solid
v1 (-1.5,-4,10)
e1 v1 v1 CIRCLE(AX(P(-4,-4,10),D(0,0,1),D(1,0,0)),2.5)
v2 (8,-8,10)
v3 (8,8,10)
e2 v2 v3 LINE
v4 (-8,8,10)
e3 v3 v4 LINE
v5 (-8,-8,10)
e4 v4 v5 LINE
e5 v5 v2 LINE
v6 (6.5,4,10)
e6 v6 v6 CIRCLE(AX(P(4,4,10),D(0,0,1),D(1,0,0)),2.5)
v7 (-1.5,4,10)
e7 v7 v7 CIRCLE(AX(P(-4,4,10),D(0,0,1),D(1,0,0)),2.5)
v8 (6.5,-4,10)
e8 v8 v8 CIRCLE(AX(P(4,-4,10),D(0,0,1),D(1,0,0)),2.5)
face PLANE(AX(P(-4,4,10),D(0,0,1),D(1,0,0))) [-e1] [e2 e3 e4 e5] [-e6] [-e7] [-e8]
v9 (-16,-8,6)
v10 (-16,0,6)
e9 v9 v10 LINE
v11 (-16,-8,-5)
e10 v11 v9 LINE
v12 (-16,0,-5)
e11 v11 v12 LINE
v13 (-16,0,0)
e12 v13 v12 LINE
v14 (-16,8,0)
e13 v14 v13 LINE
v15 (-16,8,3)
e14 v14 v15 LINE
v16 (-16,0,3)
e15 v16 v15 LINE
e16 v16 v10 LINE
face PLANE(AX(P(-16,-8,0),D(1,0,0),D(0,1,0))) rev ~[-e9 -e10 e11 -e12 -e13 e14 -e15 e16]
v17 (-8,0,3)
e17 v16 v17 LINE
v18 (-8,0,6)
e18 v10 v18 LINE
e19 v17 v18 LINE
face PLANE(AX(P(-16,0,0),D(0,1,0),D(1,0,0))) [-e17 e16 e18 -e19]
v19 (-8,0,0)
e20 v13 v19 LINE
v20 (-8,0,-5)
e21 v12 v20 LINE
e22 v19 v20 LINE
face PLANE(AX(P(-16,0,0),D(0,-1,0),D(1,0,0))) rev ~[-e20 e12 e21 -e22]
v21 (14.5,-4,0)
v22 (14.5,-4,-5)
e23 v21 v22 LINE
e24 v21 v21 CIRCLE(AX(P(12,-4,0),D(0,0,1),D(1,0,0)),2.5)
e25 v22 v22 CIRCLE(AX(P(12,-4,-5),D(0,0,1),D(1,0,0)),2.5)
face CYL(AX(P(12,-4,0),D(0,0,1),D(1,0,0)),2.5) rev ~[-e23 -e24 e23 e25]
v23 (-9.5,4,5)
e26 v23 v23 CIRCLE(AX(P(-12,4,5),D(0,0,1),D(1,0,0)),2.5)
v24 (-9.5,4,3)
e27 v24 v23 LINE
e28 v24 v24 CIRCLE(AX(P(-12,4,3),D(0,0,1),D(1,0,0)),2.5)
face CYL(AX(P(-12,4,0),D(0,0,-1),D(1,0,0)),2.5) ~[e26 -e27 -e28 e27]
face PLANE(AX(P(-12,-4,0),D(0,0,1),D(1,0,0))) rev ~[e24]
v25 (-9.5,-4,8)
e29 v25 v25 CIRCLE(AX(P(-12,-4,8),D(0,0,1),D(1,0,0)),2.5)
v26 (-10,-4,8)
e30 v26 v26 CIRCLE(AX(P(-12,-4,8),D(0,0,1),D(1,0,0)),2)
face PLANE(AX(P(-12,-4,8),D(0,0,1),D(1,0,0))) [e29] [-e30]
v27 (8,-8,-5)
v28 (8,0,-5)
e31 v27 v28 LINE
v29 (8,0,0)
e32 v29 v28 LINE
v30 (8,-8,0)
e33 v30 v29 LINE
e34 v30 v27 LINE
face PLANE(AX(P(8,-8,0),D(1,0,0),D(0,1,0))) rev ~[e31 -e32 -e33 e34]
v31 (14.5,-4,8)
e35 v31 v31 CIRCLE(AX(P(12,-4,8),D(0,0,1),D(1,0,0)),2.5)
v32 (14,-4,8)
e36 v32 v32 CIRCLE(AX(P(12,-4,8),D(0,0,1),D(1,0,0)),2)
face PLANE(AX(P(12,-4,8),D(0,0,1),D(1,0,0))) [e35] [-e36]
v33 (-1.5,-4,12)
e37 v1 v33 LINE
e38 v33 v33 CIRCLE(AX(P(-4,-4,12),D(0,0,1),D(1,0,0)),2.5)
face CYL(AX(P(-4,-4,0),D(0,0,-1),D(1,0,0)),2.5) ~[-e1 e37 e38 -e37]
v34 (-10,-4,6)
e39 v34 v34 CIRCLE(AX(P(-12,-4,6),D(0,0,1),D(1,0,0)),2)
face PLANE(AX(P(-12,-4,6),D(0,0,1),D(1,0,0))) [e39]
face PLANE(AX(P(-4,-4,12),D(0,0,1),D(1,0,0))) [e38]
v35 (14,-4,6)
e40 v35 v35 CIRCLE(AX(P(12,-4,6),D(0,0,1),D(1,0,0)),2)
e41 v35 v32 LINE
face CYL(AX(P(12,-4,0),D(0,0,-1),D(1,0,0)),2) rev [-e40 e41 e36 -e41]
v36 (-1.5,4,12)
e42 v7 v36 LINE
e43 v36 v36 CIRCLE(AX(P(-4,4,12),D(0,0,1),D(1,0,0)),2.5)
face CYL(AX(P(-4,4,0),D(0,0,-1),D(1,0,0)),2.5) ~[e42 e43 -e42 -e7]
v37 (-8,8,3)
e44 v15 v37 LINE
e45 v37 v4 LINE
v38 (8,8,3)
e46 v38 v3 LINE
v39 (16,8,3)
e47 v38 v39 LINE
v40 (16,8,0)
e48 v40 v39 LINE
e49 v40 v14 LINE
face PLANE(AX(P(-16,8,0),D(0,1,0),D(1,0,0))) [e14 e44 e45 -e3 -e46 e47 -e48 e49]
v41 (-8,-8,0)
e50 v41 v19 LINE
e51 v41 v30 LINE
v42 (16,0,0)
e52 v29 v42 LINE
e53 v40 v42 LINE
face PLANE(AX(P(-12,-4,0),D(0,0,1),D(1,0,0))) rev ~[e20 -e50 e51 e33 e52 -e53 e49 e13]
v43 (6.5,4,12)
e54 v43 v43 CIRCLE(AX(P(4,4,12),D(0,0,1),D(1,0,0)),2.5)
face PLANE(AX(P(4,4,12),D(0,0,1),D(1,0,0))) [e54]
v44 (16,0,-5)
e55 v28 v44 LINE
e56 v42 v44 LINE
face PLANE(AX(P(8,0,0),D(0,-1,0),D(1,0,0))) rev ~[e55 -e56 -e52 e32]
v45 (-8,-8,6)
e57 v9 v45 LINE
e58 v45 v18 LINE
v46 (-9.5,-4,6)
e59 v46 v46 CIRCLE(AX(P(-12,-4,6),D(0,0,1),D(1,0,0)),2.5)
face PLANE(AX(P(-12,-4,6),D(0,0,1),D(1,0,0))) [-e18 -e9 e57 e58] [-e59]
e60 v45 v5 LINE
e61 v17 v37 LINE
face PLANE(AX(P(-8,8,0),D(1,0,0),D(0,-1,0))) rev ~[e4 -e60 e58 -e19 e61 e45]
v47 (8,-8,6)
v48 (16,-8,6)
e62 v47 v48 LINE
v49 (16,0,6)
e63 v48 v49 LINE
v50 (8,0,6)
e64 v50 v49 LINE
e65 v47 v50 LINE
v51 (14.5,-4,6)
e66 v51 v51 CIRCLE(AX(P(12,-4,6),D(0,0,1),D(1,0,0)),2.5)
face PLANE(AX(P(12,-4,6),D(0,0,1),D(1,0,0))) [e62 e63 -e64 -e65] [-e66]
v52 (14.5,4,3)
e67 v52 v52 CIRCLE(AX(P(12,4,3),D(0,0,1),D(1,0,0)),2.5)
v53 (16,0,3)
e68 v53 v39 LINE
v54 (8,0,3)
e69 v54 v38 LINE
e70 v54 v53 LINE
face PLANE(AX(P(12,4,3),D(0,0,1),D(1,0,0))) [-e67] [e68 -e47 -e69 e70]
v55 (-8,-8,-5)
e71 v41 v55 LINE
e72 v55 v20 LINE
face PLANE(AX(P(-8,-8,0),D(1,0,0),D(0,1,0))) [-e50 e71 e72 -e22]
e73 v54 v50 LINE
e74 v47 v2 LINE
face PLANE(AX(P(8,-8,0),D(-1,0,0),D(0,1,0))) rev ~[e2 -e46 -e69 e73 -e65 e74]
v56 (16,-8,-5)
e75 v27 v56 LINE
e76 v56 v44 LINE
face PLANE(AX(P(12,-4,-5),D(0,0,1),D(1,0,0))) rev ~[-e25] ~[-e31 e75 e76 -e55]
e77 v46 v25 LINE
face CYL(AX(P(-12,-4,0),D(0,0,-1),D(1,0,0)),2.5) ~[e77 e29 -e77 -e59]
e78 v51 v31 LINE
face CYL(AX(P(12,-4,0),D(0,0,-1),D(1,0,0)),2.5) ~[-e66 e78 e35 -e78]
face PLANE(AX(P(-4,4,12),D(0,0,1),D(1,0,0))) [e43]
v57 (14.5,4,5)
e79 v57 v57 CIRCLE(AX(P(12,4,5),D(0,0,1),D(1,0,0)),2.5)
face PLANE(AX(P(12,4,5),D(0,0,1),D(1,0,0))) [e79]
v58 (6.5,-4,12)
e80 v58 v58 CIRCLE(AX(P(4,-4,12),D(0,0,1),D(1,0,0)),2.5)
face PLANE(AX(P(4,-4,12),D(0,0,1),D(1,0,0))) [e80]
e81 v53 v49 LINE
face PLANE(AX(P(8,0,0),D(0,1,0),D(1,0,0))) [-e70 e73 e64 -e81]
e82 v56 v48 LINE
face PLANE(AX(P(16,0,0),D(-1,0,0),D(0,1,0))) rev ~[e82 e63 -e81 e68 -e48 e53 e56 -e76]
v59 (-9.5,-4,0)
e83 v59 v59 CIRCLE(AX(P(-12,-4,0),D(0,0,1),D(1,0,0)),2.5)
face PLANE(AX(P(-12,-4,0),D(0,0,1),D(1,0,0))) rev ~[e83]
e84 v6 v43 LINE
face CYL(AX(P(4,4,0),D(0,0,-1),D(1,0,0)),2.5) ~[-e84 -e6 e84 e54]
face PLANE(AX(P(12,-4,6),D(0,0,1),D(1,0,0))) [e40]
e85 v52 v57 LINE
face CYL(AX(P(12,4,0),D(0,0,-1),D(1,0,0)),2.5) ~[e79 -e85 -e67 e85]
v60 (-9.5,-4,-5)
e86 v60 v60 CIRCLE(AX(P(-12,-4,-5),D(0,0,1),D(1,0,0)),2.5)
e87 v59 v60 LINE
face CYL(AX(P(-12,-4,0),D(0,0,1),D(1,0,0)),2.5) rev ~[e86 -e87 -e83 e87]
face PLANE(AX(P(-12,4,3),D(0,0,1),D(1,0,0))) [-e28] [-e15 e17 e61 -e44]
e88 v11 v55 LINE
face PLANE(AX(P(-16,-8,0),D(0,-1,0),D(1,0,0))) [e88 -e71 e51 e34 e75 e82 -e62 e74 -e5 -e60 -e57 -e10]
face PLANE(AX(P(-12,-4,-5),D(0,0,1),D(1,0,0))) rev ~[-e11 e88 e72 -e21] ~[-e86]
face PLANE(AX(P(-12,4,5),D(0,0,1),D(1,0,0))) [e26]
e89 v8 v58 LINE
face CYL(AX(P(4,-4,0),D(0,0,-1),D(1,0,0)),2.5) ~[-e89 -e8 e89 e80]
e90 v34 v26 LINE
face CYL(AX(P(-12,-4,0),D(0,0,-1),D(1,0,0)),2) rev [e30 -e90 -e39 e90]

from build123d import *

# Parameters (mm, degrees)
F0_W     = 8
F0_H     = 8
F0_R     = 2.5
F1_DEPTH = 10
F2_DEPTH = 12
F3_DEPTH = 3
F4_DEPTH = 5
F5_DEPTH = 6
F0_R_2   = 2
F6_DEPTH = 8
F7_DEPTH = 6
F8_DEPTH = 5


with BuildPart() as f1:
    # F0 (on Top) → F1 (new body)
    with BuildSketch(Plane.XY):
        with Locations((-4, 4)):
            Rectangle(F0_W, F0_H)
        with Locations((-4, 4)):
            Circle(F0_R, mode=Mode.SUBTRACT)
        with Locations((4, 4)):
            Rectangle(F0_W, F0_H)
        with Locations((4, 4)):
            Circle(F0_R, mode=Mode.SUBTRACT)
        with Locations((-4, -4)):
            Rectangle(F0_W, F0_H)
        with Locations((-4, -4)):
            Circle(F0_R, mode=Mode.SUBTRACT)
        with Locations((4, -4)):
            Rectangle(F0_W, F0_H)
        with Locations((4, -4)):
            Circle(F0_R, mode=Mode.SUBTRACT)
    extrude(amount=F1_DEPTH)

    # F0 (on Top) → F2 (join)
    with BuildSketch(Plane.XY):
        with Locations((-4, 4)):
            Circle(F0_R)
        with Locations((4, 4)):
            Circle(F0_R)
        with Locations((-4, -4)):
            Circle(F0_R)
        with Locations((4, -4)):
            Circle(F0_R)
    extrude(amount=F2_DEPTH)

    # F0 (on Top) → F3 (join)
    with BuildSketch(Plane.XY):
        with Locations((-12, 4)):
            Rectangle(F0_W, F0_H)
        with Locations((-12, 4)):
            Circle(F0_R, mode=Mode.SUBTRACT)
        with Locations((12, 4)):
            Rectangle(F0_W, F0_H)
        with Locations((12, 4)):
            Circle(F0_R, mode=Mode.SUBTRACT)
    extrude(amount=F3_DEPTH)

    # F0 (on Top) → F4 (join)
    with BuildSketch(Plane.XY):
        with Locations((-12, 4)):
            Circle(F0_R)
        with Locations((12, 4)):
            Circle(F0_R)
    extrude(amount=F4_DEPTH)

    # F0 (on Top) → F5 (join)
    with BuildSketch(Plane.XY):
        with Locations((-12, -4)):
            Rectangle(F0_W, F0_H)
        with Locations((-12, -4)):
            Circle(F0_R, mode=Mode.SUBTRACT)
        with Locations((12, -4)):
            Rectangle(F0_W, F0_H)
        with Locations((12, -4)):
            Circle(F0_R, mode=Mode.SUBTRACT)
    extrude(amount=F5_DEPTH)

    # F0 (on Top) → F6 (join)
    with BuildSketch(Plane.XY):
        with Locations((-12, -4)):
            Circle(F0_R)
        with Locations((-12, -4)):
            Circle(F0_R_2, mode=Mode.SUBTRACT)
        with Locations((12, -4)):
            Circle(F0_R)
        with Locations((12, -4)):
            Circle(F0_R_2, mode=Mode.SUBTRACT)
    extrude(amount=F6_DEPTH)

    # F0 (on Top) → F7 (join)
    with BuildSketch(Plane.XY):
        with Locations((-12, -4)):
            Circle(F0_R_2)
        with Locations((12, -4)):
            Circle(F0_R_2)
    extrude(amount=F7_DEPTH)

    # F0 (on Top) → F8 (join)
    with BuildSketch(Plane.XY):
        with Locations((-12, -4)):
            Rectangle(F0_W, F0_H)
        with Locations((-12, -4)):
            Circle(F0_R, mode=Mode.SUBTRACT)
        with Locations((12, -4)):
            Rectangle(F0_W, F0_H)
        with Locations((12, -4)):
            Circle(F0_R, mode=Mode.SUBTRACT)
    extrude(amount=-F8_DEPTH)


solid = f1.part
